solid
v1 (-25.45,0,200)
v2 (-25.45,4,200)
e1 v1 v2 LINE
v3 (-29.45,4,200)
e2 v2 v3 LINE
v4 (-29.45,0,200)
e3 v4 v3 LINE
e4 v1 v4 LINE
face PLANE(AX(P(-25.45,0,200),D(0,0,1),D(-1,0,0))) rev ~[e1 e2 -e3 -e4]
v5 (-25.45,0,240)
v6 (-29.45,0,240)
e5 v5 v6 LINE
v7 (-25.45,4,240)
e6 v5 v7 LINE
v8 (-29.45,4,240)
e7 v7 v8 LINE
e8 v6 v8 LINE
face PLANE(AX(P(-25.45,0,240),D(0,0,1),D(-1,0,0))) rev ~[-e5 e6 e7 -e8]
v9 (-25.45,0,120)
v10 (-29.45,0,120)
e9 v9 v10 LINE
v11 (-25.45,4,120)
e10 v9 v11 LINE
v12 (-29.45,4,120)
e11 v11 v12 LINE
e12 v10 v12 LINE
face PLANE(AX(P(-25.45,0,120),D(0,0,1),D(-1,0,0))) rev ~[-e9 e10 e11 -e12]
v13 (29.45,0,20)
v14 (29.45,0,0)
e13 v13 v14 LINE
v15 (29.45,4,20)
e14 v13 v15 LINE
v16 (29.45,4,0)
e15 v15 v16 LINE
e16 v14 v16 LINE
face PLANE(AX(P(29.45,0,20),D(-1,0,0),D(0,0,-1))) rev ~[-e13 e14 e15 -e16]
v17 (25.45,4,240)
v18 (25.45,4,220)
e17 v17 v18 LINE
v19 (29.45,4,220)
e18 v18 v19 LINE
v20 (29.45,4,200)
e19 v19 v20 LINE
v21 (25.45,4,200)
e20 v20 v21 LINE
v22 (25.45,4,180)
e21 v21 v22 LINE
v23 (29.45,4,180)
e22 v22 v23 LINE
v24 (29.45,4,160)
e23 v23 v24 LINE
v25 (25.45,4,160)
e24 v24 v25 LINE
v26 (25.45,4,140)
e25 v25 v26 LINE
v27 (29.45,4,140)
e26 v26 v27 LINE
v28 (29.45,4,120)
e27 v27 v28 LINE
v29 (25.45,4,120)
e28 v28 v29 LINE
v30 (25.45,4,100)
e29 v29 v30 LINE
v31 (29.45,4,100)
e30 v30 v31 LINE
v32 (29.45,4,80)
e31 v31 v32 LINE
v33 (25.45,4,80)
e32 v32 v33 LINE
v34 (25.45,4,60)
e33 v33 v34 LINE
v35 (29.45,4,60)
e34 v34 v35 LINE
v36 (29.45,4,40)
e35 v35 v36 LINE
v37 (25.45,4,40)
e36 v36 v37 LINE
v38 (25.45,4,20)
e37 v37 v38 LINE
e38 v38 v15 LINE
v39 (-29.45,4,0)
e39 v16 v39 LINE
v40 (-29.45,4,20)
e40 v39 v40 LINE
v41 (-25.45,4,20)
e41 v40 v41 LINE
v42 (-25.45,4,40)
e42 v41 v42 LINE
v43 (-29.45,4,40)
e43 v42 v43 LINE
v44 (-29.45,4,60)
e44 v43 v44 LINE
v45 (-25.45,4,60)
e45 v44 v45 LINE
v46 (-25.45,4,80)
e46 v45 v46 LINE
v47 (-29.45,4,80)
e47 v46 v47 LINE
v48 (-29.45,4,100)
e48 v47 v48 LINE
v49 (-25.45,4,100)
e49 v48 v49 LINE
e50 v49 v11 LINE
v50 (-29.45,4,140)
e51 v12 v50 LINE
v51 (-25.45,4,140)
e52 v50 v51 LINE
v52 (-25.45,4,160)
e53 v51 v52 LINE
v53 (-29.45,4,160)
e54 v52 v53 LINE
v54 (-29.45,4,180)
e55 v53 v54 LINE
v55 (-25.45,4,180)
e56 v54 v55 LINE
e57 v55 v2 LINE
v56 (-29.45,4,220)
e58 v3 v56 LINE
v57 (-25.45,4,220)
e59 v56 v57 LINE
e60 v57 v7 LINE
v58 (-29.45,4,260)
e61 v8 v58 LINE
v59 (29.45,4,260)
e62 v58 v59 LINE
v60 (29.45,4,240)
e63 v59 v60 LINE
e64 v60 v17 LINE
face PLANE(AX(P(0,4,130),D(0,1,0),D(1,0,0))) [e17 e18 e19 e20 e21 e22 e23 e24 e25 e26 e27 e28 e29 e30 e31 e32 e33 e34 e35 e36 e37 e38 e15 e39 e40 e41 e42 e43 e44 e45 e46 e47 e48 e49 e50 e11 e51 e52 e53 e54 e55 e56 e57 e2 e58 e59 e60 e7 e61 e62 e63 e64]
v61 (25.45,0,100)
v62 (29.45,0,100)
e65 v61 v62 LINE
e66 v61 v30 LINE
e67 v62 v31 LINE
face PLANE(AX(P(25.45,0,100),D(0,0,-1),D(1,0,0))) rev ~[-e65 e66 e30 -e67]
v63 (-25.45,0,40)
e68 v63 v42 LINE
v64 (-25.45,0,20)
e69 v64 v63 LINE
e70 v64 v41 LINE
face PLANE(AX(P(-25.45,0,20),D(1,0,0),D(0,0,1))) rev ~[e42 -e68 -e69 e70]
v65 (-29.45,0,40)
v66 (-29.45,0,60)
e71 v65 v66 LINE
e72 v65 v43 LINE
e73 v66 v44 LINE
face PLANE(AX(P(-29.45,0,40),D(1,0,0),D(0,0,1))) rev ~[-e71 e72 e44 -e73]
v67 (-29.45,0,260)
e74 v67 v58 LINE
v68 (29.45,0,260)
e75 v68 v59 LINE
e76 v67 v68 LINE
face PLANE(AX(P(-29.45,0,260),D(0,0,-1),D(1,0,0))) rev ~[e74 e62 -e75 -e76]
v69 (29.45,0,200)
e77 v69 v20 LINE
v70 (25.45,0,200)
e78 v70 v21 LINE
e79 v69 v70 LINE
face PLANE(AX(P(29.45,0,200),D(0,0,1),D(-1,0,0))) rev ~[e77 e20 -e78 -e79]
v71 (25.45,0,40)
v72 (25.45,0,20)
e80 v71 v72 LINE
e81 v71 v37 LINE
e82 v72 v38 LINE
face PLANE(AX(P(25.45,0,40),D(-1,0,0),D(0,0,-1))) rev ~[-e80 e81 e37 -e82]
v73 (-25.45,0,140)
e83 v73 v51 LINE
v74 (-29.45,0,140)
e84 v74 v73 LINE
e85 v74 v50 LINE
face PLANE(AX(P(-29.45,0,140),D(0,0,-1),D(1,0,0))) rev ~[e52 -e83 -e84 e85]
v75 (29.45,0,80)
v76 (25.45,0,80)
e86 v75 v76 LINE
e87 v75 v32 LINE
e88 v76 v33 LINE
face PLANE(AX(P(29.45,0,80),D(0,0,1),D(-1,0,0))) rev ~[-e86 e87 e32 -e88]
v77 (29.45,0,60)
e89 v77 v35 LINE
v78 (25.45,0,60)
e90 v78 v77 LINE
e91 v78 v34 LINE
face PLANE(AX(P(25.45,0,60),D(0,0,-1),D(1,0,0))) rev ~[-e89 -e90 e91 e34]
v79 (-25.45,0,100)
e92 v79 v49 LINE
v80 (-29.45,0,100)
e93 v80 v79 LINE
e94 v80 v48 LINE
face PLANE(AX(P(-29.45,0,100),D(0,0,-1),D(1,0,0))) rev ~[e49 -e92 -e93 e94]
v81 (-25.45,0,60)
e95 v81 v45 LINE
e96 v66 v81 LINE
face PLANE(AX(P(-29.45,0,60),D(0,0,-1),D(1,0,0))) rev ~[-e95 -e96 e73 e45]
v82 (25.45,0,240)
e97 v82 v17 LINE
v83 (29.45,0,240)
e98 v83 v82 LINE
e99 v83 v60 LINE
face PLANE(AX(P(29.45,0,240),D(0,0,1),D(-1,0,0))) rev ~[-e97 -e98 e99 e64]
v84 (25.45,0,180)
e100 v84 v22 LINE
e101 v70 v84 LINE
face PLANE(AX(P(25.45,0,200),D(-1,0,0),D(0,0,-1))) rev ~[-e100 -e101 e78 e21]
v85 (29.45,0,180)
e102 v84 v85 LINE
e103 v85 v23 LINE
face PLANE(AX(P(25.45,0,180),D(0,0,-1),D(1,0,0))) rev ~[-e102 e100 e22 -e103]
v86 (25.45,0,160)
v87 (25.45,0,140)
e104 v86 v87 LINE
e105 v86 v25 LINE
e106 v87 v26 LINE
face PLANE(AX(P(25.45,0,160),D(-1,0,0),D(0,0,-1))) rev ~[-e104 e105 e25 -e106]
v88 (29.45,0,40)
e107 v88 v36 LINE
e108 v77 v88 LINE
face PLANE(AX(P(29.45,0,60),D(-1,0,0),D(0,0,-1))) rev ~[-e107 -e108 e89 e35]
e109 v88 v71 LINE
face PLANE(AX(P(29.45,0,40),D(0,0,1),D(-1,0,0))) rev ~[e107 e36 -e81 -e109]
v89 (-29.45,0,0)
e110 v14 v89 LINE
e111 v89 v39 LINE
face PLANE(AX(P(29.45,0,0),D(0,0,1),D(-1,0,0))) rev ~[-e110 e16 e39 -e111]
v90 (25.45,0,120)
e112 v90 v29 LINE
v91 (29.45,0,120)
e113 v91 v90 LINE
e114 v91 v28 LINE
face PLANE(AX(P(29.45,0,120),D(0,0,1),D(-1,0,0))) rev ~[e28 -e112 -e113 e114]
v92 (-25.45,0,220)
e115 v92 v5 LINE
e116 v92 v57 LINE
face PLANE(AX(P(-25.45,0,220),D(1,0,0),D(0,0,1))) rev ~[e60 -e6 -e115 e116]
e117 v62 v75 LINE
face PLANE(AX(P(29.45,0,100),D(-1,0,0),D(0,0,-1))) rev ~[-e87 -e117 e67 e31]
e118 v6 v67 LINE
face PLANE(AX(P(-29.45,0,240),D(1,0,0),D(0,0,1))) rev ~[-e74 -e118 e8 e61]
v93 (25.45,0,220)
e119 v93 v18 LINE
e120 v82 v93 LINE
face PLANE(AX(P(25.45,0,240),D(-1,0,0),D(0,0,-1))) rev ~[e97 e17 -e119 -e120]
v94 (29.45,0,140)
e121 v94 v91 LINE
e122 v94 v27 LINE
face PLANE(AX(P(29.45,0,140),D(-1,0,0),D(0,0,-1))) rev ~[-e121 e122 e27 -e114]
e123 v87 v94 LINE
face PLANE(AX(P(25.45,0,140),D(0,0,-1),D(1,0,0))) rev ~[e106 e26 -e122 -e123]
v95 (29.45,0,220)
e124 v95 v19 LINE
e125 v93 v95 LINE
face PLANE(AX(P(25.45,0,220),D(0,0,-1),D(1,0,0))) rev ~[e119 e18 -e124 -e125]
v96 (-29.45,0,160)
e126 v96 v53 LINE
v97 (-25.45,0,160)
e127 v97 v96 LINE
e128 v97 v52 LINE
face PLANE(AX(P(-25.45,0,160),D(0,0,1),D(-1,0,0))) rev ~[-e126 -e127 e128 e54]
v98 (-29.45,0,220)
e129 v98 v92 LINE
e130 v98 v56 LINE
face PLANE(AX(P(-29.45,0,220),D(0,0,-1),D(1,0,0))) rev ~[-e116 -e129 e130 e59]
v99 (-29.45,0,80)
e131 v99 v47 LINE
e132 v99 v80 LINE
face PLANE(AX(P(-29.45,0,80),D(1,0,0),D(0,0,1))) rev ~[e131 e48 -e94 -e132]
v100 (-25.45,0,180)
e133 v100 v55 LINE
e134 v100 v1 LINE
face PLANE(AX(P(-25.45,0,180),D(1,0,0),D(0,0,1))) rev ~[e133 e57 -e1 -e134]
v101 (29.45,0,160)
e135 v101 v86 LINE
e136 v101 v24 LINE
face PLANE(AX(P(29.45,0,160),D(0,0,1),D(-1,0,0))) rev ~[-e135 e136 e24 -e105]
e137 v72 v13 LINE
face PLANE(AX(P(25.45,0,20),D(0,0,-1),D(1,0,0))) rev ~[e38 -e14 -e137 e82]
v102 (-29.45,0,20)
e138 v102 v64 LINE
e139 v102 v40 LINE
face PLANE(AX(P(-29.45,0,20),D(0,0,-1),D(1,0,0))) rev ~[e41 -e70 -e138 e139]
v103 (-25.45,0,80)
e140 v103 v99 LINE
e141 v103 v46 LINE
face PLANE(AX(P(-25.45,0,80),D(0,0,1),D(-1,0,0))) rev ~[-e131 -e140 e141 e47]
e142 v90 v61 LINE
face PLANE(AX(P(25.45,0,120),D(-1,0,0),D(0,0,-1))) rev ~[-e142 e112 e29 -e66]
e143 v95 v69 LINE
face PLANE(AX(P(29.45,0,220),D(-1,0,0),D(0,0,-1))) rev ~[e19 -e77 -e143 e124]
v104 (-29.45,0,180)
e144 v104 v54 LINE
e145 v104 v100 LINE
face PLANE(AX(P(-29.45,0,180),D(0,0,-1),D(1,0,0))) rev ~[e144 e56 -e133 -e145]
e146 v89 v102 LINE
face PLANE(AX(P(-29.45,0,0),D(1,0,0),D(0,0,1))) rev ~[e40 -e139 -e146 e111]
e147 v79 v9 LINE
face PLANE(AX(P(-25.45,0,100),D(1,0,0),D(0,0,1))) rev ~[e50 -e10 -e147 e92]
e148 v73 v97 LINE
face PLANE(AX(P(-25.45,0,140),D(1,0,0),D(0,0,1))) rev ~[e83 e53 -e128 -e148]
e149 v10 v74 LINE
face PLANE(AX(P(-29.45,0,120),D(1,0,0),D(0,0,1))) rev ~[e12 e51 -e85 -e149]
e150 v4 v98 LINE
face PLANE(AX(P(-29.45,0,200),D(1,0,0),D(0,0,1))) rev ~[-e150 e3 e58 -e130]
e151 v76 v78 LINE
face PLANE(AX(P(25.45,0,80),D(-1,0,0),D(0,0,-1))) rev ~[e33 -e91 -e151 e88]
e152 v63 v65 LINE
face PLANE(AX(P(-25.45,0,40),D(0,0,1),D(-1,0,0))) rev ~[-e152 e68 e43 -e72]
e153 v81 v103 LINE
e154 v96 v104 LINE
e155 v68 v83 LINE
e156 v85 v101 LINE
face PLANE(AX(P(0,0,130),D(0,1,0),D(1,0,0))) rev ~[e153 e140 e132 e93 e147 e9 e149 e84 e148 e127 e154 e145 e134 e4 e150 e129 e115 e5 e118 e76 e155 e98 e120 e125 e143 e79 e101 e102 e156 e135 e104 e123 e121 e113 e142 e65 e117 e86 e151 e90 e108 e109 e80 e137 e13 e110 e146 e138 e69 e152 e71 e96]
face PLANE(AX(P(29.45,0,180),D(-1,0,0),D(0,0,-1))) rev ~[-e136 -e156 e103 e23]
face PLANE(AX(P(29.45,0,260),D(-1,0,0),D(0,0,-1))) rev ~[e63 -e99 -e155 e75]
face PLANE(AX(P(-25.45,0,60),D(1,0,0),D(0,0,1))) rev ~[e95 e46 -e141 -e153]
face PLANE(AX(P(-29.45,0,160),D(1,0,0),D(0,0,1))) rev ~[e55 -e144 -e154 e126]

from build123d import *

# Parameters (mm, degrees)
EXTRUDE_1_DEPTH = 4


with BuildPart() as part:
    # Эскиз1 → Бобышка-Вытянуть1 (new body)
    with BuildSketch(Plane(origin=(0, 0, 0), x_dir=(1, 0, 0), z_dir=(0, 1, 0))):
        Polygon((-29.45, -40), (-29.45, -60), (-25.45, -60), (-25.45, -80), (-29.45, -80), (-29.45, -100), (-25.45, -100), (-25.45, -120), (-29.45, -120), (-29.45, -140), (-25.45, -140), (-25.45, -160), (-29.45, -160), (-29.45, -180), (-25.45, -180), (-25.45, -200), (-29.45, -200), (-29.45, -220), (-25.45, -220), (-25.45, -240), (-29.45, -240), (-29.45, -260), (29.45, -260), (29.45, -240), (25.45, -240), (25.45, -220), (29.45, -220), (29.45, -200), (25.45, -200), (25.45, -180), (29.45, -180), (29.45, -160), (25.45, -160), (25.45, -140), (29.45, -140), (29.45, -120), (25.45, -120), (25.45, -100), (29.45, -100), (29.45, -80), (25.45, -80), (25.45, -60), (29.45, -60), (29.45, -40), (25.45, -40), (25.45, -20), (29.45, -20), (29.45, 0), (-29.45, 0), (-29.45, -20), (-25.45, -20), (-25.45, -40), align=None)
    extrude(amount=EXTRUDE_1_DEPTH)


solid = part.part
